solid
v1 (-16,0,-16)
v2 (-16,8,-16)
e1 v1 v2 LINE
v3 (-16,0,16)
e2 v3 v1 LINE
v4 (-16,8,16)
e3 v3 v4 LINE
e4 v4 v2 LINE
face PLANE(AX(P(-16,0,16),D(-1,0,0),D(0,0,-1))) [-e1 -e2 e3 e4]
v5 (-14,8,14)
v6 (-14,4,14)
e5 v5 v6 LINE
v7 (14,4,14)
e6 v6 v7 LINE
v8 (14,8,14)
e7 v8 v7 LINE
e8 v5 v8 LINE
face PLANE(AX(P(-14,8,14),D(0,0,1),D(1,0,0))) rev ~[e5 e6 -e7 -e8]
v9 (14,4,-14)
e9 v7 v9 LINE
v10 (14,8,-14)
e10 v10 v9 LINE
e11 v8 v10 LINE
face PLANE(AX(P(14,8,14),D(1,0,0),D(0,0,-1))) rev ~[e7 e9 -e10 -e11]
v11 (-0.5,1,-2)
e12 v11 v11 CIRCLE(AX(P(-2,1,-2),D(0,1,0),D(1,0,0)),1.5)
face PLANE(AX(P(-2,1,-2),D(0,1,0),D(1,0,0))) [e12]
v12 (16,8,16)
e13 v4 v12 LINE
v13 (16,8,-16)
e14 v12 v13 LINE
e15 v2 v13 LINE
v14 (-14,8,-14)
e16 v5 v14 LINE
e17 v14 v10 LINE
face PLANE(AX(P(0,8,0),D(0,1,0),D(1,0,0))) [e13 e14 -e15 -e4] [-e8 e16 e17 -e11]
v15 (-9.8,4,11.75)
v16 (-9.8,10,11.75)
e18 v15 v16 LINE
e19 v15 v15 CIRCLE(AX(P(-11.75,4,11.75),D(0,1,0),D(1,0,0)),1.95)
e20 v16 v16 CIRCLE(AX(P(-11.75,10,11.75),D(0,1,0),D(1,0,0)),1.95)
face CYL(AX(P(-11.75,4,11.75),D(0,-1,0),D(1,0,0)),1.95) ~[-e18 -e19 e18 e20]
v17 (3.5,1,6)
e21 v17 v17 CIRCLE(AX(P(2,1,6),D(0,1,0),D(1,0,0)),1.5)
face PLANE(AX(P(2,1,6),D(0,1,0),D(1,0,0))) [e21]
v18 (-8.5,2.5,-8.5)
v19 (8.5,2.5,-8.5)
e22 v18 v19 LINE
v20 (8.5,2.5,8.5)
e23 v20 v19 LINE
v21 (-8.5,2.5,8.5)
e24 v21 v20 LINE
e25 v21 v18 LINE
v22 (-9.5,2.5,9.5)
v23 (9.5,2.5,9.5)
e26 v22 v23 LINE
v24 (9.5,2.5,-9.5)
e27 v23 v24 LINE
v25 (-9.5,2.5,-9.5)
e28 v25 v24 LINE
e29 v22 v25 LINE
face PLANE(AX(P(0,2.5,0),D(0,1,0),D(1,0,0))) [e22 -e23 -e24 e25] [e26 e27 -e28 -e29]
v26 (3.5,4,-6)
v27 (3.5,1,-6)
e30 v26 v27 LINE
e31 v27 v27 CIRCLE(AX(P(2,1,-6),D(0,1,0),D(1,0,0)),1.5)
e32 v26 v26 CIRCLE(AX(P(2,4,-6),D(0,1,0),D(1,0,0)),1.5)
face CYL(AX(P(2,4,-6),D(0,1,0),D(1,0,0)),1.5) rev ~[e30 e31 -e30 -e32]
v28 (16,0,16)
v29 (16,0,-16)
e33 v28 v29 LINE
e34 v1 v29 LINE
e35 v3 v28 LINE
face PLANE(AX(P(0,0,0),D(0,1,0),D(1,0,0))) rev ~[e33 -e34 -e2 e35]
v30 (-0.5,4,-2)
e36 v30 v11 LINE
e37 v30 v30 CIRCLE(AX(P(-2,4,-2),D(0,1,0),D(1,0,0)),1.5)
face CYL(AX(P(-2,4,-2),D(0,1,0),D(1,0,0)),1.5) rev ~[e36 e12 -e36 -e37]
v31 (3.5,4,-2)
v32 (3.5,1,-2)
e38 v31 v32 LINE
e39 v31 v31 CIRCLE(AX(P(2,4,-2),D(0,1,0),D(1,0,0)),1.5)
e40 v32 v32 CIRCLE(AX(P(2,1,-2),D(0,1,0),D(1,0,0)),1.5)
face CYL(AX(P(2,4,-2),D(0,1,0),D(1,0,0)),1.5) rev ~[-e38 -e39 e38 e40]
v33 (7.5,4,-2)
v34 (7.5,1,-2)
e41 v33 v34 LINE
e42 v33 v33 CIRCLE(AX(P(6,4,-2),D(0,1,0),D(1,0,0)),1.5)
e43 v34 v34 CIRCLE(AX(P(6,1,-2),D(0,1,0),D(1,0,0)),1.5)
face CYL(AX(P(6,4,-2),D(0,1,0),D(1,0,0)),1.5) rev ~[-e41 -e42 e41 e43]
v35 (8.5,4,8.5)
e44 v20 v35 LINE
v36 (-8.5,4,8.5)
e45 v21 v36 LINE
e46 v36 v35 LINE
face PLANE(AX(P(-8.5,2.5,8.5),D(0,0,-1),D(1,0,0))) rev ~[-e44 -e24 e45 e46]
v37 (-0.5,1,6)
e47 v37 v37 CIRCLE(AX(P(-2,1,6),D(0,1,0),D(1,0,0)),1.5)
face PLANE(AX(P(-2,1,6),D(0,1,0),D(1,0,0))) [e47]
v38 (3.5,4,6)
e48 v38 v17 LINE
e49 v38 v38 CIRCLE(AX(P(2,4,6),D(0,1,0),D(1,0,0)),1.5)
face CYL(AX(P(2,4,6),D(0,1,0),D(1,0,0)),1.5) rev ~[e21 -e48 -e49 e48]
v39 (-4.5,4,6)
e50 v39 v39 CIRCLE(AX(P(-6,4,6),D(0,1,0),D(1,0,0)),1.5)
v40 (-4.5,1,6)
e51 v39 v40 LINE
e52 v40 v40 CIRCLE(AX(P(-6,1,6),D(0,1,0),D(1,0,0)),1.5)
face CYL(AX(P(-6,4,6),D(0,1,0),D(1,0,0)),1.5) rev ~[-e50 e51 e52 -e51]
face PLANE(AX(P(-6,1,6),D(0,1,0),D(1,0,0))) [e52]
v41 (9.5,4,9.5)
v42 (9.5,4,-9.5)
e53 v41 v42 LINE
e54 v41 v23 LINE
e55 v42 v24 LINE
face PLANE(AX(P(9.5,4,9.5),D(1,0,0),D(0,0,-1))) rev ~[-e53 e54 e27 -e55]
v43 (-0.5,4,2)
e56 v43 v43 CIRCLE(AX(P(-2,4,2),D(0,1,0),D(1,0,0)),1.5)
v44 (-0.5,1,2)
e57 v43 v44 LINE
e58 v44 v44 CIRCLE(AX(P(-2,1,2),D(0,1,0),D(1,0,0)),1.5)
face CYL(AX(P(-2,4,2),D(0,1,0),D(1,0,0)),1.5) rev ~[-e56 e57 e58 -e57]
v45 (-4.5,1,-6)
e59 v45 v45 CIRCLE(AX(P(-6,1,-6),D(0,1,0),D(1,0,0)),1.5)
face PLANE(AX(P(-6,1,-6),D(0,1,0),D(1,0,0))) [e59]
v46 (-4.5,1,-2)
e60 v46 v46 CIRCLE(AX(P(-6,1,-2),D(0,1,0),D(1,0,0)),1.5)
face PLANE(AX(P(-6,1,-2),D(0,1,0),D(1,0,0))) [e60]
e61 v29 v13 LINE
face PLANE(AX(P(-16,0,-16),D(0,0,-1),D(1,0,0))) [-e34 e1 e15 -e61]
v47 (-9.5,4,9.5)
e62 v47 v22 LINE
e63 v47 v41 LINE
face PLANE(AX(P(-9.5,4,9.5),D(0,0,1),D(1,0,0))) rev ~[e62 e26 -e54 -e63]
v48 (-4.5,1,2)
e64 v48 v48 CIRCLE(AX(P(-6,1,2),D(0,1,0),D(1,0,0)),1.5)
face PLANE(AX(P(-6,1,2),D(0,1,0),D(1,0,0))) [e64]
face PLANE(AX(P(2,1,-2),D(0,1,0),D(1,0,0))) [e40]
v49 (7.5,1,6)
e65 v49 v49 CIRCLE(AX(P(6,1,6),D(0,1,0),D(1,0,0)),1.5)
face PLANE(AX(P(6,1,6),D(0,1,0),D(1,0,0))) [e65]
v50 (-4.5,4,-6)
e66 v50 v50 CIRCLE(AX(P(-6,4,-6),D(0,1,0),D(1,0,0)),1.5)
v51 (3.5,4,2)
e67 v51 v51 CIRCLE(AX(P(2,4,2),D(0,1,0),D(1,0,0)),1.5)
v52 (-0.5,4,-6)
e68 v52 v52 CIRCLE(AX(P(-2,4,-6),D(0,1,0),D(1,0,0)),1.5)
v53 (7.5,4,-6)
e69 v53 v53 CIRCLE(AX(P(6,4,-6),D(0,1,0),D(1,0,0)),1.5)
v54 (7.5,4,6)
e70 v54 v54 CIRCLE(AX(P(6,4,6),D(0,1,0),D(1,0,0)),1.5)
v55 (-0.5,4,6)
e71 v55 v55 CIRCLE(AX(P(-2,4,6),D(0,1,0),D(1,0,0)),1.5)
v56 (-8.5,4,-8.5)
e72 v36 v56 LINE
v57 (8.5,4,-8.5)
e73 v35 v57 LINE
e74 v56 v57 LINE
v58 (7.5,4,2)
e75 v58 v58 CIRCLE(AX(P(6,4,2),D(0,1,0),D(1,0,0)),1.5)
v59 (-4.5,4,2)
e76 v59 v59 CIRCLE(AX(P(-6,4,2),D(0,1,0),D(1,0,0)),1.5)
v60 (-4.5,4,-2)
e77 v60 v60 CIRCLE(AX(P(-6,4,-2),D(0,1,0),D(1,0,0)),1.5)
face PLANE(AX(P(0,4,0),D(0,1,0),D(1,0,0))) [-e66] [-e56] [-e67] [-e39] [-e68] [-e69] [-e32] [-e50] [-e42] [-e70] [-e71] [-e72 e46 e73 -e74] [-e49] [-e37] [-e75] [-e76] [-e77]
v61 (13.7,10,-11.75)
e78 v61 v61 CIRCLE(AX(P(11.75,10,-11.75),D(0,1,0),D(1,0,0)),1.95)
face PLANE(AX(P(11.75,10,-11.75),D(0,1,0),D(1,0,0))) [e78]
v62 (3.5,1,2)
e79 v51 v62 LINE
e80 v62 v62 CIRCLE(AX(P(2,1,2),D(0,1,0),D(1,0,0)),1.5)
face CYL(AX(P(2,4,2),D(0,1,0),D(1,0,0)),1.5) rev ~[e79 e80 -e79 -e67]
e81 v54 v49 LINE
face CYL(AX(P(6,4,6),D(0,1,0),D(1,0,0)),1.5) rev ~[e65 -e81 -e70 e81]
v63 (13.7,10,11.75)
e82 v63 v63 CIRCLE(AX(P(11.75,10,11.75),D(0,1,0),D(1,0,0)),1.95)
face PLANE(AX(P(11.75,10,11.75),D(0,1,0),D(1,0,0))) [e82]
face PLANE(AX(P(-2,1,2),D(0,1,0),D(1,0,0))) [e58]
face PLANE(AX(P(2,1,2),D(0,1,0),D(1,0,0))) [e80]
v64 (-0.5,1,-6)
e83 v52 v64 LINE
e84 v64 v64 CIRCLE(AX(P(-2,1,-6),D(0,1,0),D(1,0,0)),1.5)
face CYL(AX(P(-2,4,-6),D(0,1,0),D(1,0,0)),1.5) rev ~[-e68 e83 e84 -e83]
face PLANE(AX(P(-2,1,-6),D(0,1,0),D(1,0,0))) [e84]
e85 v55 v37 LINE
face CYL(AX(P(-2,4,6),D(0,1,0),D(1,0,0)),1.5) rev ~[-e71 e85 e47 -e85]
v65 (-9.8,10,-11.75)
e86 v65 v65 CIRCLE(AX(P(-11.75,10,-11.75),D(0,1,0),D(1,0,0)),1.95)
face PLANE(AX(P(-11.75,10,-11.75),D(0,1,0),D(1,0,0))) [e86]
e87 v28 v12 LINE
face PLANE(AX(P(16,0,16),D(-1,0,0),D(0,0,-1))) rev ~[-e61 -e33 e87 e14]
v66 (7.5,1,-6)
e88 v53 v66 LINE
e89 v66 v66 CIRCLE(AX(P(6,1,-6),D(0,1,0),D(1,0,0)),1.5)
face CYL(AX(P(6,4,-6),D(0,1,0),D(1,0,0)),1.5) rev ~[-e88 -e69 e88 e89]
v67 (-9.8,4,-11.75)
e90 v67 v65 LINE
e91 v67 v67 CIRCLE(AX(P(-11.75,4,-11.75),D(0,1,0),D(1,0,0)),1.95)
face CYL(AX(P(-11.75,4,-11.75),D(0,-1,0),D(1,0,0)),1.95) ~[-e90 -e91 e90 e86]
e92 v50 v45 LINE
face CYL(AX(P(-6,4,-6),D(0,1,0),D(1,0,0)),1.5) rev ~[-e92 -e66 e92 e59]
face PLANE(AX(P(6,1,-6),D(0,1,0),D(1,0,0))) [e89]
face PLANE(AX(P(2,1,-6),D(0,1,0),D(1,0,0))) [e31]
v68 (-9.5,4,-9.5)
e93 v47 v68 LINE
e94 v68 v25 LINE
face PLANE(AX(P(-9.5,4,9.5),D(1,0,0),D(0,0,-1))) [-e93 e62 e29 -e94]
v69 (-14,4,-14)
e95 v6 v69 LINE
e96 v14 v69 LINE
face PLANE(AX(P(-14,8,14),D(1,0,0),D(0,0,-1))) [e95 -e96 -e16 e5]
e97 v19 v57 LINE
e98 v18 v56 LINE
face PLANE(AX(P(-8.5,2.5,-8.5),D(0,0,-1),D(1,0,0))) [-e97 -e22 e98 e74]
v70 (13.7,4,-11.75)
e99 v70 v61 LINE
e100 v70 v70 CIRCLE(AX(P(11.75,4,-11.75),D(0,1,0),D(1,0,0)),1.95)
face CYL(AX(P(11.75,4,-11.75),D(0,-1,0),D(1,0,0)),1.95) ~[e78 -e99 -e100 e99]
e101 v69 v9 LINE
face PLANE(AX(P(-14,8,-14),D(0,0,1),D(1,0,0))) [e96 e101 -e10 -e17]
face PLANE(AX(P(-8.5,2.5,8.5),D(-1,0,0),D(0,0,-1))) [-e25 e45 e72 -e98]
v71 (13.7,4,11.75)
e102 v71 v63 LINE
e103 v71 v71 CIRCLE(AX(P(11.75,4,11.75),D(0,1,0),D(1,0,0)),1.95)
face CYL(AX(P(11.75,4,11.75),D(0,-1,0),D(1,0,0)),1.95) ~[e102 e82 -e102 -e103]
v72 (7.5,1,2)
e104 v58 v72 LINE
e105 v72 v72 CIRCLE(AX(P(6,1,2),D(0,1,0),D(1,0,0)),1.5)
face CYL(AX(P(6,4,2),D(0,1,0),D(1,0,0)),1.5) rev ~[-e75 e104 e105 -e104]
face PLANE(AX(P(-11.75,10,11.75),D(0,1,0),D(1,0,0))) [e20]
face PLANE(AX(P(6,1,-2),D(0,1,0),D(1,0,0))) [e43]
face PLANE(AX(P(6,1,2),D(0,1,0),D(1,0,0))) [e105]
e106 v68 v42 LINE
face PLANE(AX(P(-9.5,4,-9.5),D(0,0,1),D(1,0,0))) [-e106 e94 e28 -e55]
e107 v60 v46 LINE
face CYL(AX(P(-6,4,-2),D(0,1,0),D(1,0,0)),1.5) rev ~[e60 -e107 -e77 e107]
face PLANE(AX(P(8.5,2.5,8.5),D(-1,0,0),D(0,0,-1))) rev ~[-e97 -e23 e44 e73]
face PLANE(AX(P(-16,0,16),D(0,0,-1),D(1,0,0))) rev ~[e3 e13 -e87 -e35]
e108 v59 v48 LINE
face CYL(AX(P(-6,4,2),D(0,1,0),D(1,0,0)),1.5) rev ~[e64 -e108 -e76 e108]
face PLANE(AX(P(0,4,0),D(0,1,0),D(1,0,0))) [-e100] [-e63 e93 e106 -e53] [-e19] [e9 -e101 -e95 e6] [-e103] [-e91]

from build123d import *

# Parameters (mm, degrees)
SKETCH1_W           = 32
SKETCH1_H           = 32
BOSS_EXTRUDE1_DEPTH = 8
SKETCH2_W           = 28
SKETCH2_H           = 28
CUT_EXTRUDE1_DEPTH  = 4
SKETCH3_W           = 19
SKETCH3_H           = 19
CUT_EXTRUDE2_DEPTH  = 1.5
SKETCH4_W           = 17
SKETCH4_H           = 17
BOSS_EXTRUDE2_DEPTH = 1.5
SKETCH6_R           = 1.95
BOSS_EXTRUDE3_DEPTH = 6
SKETCH7_R           = 1.5
CUT_EXTRUDE3_DEPTH  = 3


with BuildPart() as part:
    # Sketch1 → Boss-Extrude1 (new body)
    with BuildSketch(Plane(origin=(0, 0, 0), x_dir=(1, 0, 0), z_dir=(0, 1, 0))):
        Rectangle(SKETCH1_W, SKETCH1_H)
    extrude(amount=BOSS_EXTRUDE1_DEPTH)

    # Sketch2 → Cut-Extrude1 (cut)
    with BuildSketch(Plane(origin=(0, 8, 0), x_dir=(1, 0, 0), z_dir=(0, 1, 0))):
        Rectangle(SKETCH2_W, SKETCH2_H)
    extrude(amount=-CUT_EXTRUDE1_DEPTH, mode=Mode.SUBTRACT)

    # Sketch3 → Cut-Extrude2 (cut)
    with BuildSketch(Plane(origin=(0, 4, 0), x_dir=(1, 0, 0), z_dir=(0, 1, 0))):
        Rectangle(SKETCH3_W, SKETCH3_H)
    extrude(amount=-CUT_EXTRUDE2_DEPTH, mode=Mode.SUBTRACT)

    # Sketch4 → Boss-Extrude2 (add)
    with BuildSketch(Plane(origin=(0, 2.5, 0), x_dir=(1, 0, 0), z_dir=(0, 1, 0))):
        Rectangle(SKETCH4_W, SKETCH4_H)
    extrude(amount=BOSS_EXTRUDE2_DEPTH)

    # Sketch6 → Boss-Extrude3 (add)
    with BuildSketch(Plane(origin=(0, 4, 0), x_dir=(1, 0, 0), z_dir=(0, 1, 0))):
        with Locations((-11.75, 11.75)):
            Circle(SKETCH6_R)
        with Locations((11.75, 11.75)):
            Circle(SKETCH6_R)
        with Locations((11.75, -11.75)):
            Circle(SKETCH6_R)
        with Locations((-11.75, -11.75)):
            Circle(SKETCH6_R)
    extrude(amount=BOSS_EXTRUDE3_DEPTH)

    # Sketch7 → Cut-Extrude3 (cut)
    with BuildSketch(Plane(origin=(0, 4, 0), x_dir=(1, 0, 0), z_dir=(0, 1, 0))):
        with Locations((-6, -6)):
            Circle(SKETCH7_R)
        with Locations((-2, -6)):
            Circle(SKETCH7_R)
        with Locations((2, -6)):
            Circle(SKETCH7_R)
        with Locations((6, -6)):
            Circle(SKETCH7_R)
        with Locations((-2, -2)):
            Circle(SKETCH7_R)
        with Locations((2, -2)):
            Circle(SKETCH7_R)
        with Locations((6, -2)):
            Circle(SKETCH7_R)
        with Locations((-2, 2)):
            Circle(SKETCH7_R)
        with Locations((2, 2)):
            Circle(SKETCH7_R)
        with Locations((6, 2)):
            Circle(SKETCH7_R)
        with Locations((-2, 6)):
            Circle(SKETCH7_R)
        with Locations((2, 6)):
            Circle(SKETCH7_R)
        with Locations((6, 6)):
            Circle(SKETCH7_R)
        with Locations((-6, -2)):
            Circle(SKETCH7_R)
        with Locations((-6, 2)):
            Circle(SKETCH7_R)
        with Locations((-6, 6)):
            Circle(SKETCH7_R)
    extrude(amount=-CUT_EXTRUDE3_DEPTH, mode=Mode.SUBTRACT)


solid = part.part
